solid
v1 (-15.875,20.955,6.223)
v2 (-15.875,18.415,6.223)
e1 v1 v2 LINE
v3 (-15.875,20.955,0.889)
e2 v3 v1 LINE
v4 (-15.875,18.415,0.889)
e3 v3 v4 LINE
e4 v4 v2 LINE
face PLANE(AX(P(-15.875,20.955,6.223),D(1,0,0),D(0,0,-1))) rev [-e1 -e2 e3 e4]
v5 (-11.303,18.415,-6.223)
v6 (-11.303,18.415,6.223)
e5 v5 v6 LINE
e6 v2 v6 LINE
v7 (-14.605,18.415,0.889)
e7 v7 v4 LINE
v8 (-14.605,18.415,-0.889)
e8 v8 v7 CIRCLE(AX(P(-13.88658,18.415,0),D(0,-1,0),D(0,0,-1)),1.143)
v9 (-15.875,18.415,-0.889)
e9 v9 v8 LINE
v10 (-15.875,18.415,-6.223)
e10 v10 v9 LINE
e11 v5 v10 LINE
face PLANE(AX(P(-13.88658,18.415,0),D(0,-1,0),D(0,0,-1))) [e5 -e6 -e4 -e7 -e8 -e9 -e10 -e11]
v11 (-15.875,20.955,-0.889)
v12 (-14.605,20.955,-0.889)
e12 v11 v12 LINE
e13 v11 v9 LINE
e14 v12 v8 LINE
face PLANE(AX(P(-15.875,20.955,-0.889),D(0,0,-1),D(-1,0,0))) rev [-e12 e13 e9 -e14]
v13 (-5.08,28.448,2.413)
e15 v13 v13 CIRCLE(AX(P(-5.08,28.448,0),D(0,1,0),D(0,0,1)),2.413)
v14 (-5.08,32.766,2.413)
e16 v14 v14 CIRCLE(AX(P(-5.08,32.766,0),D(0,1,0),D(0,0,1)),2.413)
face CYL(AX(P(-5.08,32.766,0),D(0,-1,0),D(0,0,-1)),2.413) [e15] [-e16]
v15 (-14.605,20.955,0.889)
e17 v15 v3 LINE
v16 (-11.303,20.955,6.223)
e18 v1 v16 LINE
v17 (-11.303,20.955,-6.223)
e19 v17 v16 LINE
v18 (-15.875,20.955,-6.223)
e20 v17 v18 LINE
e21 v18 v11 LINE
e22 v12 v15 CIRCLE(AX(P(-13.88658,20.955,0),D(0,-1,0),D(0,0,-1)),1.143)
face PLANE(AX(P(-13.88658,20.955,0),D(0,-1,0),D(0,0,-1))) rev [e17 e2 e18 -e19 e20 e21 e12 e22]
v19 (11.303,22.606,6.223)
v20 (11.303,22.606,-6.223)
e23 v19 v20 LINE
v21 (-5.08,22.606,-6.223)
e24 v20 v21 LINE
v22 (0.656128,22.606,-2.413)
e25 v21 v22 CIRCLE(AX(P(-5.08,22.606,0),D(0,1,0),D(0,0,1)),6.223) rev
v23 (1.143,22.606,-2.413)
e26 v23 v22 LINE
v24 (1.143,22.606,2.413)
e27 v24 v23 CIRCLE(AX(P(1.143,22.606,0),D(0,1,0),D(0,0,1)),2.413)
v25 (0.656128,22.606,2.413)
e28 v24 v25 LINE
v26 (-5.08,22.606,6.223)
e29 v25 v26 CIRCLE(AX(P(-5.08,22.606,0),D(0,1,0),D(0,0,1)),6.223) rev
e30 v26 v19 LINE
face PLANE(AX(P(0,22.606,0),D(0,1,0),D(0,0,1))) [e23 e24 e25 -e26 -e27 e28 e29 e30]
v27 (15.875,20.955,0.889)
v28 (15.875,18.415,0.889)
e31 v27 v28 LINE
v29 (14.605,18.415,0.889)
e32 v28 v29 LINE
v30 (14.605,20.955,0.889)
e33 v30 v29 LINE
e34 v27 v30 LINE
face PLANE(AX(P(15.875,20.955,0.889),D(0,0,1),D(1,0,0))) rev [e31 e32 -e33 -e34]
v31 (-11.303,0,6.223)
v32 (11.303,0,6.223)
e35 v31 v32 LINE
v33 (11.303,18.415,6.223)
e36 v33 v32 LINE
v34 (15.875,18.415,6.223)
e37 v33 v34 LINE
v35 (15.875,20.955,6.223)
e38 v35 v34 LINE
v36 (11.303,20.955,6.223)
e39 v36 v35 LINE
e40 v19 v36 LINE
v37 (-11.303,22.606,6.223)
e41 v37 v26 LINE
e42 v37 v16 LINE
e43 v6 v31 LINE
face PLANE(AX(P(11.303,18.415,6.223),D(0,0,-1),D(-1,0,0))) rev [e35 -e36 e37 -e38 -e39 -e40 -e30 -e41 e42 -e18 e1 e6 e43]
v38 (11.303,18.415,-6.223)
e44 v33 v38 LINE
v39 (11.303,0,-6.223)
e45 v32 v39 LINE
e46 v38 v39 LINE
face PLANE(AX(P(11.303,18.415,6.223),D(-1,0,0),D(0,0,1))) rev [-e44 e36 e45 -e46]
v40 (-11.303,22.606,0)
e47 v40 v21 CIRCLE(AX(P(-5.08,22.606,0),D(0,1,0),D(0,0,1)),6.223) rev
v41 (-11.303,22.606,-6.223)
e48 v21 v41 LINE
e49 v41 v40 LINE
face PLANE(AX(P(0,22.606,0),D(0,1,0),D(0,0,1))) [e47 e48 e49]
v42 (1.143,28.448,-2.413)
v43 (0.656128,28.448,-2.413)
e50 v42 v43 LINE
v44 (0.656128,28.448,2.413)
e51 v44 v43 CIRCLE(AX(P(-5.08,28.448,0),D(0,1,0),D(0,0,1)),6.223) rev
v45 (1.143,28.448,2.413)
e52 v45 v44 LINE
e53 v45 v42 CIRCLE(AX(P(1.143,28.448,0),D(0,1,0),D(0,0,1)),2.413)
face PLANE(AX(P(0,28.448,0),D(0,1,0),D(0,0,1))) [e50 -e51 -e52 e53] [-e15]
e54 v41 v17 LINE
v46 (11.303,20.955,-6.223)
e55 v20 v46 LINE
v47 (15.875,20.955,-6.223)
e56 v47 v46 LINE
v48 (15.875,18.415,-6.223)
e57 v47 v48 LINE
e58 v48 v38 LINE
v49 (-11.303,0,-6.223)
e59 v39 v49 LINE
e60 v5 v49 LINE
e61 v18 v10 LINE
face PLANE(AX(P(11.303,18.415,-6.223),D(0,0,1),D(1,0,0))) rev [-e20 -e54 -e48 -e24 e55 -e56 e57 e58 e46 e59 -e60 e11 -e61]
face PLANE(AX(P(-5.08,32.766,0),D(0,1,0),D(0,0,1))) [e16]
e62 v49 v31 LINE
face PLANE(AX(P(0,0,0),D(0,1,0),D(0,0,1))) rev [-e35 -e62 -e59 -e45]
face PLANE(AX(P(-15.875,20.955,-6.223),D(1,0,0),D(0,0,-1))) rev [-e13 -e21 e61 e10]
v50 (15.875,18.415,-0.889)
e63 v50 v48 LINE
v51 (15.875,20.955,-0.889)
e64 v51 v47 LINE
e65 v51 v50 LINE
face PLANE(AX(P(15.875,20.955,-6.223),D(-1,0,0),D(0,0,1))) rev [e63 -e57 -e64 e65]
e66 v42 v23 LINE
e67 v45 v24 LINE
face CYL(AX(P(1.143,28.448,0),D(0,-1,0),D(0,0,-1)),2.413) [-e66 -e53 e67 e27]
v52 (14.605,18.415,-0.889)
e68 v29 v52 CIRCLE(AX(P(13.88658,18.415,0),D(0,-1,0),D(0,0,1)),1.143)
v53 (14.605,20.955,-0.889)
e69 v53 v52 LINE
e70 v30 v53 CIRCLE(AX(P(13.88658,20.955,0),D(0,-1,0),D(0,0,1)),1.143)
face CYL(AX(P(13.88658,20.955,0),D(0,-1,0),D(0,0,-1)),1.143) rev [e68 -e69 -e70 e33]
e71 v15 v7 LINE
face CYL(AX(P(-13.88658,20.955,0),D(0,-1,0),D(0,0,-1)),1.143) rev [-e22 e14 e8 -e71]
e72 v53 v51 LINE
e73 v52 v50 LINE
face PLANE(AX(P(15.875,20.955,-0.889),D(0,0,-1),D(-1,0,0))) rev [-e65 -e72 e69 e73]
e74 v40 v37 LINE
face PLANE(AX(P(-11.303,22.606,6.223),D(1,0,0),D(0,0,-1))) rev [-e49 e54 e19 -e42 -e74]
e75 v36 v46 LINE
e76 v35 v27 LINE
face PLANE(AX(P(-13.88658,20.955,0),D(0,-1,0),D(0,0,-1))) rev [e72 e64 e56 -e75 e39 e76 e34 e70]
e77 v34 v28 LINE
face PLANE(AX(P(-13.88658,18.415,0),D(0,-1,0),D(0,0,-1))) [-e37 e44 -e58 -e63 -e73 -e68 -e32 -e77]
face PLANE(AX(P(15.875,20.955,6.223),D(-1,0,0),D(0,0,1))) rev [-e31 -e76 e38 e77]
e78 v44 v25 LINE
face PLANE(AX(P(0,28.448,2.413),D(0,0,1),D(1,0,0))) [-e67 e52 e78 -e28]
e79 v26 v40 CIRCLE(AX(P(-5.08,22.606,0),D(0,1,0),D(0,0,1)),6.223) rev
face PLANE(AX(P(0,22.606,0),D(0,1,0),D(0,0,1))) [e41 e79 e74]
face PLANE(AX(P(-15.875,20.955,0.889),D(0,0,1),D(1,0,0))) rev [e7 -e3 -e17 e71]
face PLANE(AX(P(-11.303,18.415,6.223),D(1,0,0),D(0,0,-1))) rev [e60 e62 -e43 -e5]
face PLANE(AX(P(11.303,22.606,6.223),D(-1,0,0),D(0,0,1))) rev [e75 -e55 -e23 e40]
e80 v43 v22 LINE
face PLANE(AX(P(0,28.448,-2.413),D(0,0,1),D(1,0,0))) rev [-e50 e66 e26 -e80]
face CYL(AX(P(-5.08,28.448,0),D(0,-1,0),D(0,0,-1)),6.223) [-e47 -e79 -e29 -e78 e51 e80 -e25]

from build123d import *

# Parameters (mm, degrees)
SKETCH1_W           = 22.606
SKETCH1_H           = 12.446
BOSS_EXTRUDE1_DEPTH = 18.415
BOSS_EXTRUDE2_DEPTH = 2.54
SKETCH3_W           = 22.606
SKETCH3_H           = 12.446
BOSS_EXTRUDE3_DEPTH = 1.651
BOSS_EXTRUDE4_DEPTH = 5.842
SKETCH5_R           = 2.413
BOSS_EXTRUDE5_DEPTH = 4.318


with BuildPart() as part:
    # Sketch1 → Boss-Extrude1 (new body)
    with BuildSketch(Plane(origin=(0, 0, 0), x_dir=(1, 0, 0), z_dir=(0, 1, 0))):
        Rectangle(SKETCH1_W, SKETCH1_H)
    extrude(amount=BOSS_EXTRUDE1_DEPTH)

    # Sketch2 → Boss-Extrude2 (add)
    with BuildSketch(Plane(origin=(0, 18.415, 0), x_dir=(1, 0, 0), z_dir=(0, 1, 0))):
        with BuildLine():
            Line((15.875, -6.223), (-15.875, -6.223))
            Line((-15.875, -6.223), (-15.875, -0.889))
            Line((-15.875, -0.889), (-14.605, -0.889))
            ThreePointArc((-14.605, -0.889), (-12.74357951, 0), (-14.605, 0.889))
            Line((-14.605, 0.889), (-15.875, 0.889))
            Line((-15.875, 0.889), (-15.875, 6.223))
            Line((-15.875, 6.223), (15.875, 6.223))
            Line((15.875, 6.223), (15.875, 0.889))
            Line((15.875, 0.889), (14.605, 0.889))
            ThreePointArc((14.605, 0.889), (12.74357951, 0), (14.605, -0.889))
            Line((14.605, -0.889), (15.875, -0.889))
            Line((15.875, -0.889), (15.875, -6.223))
        make_face()
    extrude(amount=BOSS_EXTRUDE2_DEPTH)

    # Sketch3 → Boss-Extrude3 (add)
    with BuildSketch(Plane(origin=(0, 20.955, 0), x_dir=(1, 0, 0), z_dir=(0, 1, 0))):
        Rectangle(SKETCH3_W, SKETCH3_H)
    extrude(amount=BOSS_EXTRUDE3_DEPTH)

    # Sketch4 → Boss-Extrude4 (add)
    with BuildSketch(Plane(origin=(0, 22.606, 0), x_dir=(1, 0, 0), z_dir=(0, 1, 0))):
        with BuildLine():
            ThreePointArc((0.656127614, -2.413), (-6.310814133, -6.100067669), (-11.303, 0))
            ThreePointArc((-11.303, 0), (-6.310814133, 6.100067669), (0.656127614, 2.413))
            Line((0.656127614, 2.413), (1.143, 2.413))
            ThreePointArc((1.143, 2.413), (3.556, 0), (1.143, -2.413))
            Line((1.143, -2.413), (0.656127614, -2.413))
        make_face()
    extrude(amount=BOSS_EXTRUDE4_DEPTH)

    # Sketch5 → Boss-Extrude5 (add)
    with BuildSketch(Plane(origin=(0, 28.448, 0), x_dir=(1, 0, 0), z_dir=(0, 1, 0))):
        with Locations((-5.08, 0)):
            Circle(SKETCH5_R)
    extrude(amount=BOSS_EXTRUDE5_DEPTH)


solid = part.part
